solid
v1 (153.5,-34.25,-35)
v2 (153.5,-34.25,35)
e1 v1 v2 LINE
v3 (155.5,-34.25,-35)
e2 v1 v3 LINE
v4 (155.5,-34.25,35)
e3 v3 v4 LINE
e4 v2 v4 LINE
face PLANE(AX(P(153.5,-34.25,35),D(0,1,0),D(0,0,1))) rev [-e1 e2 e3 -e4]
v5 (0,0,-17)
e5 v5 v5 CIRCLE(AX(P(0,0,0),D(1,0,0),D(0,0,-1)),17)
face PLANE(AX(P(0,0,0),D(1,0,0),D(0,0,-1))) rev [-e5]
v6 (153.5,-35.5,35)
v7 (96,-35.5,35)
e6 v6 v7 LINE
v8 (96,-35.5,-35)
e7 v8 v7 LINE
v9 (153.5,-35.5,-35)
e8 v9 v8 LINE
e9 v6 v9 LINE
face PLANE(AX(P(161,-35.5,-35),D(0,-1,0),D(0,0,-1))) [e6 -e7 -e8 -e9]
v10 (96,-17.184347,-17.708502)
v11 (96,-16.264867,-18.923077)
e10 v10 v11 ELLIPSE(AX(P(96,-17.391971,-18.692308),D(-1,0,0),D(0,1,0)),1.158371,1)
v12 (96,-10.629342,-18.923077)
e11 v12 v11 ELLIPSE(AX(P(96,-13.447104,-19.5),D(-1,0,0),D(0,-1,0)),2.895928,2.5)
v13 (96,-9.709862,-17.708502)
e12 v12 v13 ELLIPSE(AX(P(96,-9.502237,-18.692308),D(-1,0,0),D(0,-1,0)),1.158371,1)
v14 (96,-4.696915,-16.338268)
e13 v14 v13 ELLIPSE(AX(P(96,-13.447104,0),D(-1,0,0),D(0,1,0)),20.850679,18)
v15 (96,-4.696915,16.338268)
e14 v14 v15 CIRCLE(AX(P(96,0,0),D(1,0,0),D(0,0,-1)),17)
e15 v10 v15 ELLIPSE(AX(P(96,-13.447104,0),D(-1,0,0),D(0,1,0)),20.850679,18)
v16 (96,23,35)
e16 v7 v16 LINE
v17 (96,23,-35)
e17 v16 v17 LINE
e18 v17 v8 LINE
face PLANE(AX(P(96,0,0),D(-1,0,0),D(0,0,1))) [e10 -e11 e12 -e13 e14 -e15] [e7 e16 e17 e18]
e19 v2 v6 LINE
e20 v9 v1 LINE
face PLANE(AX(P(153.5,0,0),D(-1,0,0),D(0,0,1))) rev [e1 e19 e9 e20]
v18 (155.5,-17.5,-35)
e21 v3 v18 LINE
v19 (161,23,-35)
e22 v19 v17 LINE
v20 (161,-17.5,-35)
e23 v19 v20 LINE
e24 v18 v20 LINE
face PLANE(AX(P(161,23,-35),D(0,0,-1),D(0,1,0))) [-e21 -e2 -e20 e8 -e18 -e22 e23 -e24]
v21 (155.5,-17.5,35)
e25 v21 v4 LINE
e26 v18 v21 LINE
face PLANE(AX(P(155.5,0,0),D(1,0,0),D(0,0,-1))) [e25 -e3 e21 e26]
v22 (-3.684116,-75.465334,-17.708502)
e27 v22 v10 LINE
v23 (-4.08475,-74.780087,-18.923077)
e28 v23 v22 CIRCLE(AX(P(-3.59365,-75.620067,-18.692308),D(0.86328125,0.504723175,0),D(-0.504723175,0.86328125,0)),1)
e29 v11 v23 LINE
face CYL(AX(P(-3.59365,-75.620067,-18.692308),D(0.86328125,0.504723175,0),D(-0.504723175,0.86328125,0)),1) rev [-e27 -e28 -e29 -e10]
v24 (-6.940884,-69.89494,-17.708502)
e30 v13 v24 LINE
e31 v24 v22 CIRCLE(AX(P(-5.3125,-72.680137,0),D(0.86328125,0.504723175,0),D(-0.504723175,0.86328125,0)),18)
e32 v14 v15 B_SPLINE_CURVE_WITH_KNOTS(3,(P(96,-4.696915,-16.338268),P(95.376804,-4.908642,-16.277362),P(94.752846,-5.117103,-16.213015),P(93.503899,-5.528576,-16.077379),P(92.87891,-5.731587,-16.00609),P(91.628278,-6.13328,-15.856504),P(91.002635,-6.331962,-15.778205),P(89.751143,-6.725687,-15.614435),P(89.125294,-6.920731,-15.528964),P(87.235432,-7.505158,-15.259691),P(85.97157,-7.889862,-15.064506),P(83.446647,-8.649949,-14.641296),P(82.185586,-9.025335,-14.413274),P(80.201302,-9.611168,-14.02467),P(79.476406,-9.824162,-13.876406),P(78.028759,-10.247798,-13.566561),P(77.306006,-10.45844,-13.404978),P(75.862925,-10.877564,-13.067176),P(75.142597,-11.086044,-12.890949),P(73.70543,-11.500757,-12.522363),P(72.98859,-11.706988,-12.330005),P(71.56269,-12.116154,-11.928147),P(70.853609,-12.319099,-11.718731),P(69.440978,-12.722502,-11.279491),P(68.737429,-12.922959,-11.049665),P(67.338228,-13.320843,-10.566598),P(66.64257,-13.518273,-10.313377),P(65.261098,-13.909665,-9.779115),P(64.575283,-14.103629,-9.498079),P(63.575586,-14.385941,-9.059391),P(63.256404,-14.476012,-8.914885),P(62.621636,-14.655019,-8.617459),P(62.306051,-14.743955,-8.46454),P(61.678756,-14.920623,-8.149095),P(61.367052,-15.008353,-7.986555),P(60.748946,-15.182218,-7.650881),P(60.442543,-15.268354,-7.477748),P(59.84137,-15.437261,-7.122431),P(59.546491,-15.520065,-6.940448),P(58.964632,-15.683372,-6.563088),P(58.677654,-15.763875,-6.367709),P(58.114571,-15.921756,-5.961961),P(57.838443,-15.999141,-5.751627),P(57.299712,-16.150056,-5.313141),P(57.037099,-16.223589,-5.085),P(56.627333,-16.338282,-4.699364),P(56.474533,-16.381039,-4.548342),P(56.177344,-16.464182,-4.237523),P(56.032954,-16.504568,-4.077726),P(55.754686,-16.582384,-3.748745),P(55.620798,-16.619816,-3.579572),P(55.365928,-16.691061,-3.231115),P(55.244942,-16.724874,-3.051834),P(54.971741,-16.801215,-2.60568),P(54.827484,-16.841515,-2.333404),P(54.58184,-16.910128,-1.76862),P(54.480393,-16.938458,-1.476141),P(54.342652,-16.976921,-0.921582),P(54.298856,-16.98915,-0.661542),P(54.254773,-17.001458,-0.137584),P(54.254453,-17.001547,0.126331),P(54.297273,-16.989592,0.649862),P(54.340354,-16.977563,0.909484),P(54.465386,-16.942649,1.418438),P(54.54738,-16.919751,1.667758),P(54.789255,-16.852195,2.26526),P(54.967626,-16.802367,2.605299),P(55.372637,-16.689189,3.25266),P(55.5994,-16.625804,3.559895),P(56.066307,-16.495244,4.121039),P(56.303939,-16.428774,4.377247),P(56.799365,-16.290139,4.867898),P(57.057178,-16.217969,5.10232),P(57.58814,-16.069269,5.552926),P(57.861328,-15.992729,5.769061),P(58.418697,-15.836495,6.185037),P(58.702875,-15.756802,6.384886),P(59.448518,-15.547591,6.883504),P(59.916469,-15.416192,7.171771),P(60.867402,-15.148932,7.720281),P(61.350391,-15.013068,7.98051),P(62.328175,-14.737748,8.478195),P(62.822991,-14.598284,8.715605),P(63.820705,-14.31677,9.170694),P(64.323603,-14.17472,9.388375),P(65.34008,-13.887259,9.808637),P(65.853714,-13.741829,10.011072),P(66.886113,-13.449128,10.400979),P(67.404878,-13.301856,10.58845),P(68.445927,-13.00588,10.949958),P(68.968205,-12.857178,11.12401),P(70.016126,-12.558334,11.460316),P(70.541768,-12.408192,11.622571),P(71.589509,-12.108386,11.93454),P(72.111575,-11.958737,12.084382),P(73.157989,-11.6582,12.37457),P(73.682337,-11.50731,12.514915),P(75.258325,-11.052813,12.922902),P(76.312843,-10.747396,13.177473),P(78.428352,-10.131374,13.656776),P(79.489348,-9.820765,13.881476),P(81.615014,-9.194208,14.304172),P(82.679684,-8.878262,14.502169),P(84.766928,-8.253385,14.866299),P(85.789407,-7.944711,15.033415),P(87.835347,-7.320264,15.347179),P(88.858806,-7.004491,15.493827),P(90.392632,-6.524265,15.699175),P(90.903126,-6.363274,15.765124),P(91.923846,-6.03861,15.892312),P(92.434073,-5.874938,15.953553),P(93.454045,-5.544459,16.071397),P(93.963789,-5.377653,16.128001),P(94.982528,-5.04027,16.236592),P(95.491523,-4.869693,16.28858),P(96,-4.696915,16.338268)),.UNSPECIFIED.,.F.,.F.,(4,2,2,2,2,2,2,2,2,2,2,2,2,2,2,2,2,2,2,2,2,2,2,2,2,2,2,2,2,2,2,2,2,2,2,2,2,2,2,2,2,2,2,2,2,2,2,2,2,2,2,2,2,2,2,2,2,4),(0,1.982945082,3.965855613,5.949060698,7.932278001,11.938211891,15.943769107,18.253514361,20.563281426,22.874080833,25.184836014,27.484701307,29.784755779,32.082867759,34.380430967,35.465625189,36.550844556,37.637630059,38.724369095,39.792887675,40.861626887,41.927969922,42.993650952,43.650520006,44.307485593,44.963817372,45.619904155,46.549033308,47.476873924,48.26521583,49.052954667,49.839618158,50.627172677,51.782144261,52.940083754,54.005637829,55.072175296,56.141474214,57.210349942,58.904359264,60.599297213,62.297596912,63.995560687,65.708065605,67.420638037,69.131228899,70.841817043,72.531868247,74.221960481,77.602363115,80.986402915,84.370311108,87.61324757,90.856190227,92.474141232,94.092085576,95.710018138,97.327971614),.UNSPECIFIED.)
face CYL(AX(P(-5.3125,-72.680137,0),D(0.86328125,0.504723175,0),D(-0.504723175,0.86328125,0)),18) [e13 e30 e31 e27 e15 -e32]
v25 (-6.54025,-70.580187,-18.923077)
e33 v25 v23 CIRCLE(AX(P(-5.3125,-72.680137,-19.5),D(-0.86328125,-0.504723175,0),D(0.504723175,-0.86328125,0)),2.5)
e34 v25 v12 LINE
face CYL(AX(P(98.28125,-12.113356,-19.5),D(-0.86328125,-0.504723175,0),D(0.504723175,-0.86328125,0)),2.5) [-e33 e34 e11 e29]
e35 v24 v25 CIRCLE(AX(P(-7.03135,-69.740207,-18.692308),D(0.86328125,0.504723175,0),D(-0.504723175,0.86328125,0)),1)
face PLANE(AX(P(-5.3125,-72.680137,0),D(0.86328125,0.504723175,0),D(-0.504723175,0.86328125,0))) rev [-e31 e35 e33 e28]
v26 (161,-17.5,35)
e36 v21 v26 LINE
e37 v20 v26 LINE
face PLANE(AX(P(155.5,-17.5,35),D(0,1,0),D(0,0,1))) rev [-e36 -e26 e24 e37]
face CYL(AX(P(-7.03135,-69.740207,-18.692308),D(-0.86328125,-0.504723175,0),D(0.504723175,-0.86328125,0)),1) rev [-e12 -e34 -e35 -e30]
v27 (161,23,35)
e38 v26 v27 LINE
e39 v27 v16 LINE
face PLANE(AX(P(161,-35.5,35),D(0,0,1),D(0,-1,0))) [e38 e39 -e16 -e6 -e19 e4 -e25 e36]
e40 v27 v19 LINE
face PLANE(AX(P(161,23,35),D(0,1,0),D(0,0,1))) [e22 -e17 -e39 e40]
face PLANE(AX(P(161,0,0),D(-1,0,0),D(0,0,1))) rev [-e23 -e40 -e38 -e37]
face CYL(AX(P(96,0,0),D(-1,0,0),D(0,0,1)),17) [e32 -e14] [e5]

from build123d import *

# Parameters (mm, degrees)
ESQUISSE1_R             = 17
BOSS_EXTRU_1_DEPTH      = 96
ESQUISSE2_W             = 70
ESQUISSE2_H             = 58.5
BOSS_EXTRU_3_DEPTH      = 65
ESQUISSE6_R             = 18
BOSS_EXTRU_4_DEPTH      = 144
ESQUISSE7_W             = 70
ESQUISSE7_H             = 18
ENL_V_MAT_EXTRU_1_DEPTH = 5.5
ESQUISSE8_W             = 70
ESQUISSE8_H             = 1.25
ENL_V_MAT_EXTRU_2_DEPTH = 2
ESQUISSE9_R             = 2.5
BOSS_EXTRU_5_DEPTH      = 120
CONG_1_R                = 1


with BuildPart() as part:
    # Esquisse1 → Boss.-Extru.1 (new body)
    with BuildSketch(Plane(origin=(0, 0, 0), x_dir=(0, 0, -1), z_dir=(1, 0, 0))):
        Circle(ESQUISSE1_R)
    extrude(amount=BOSS_EXTRU_1_DEPTH)

    # Esquisse2 → Boss.-Extru.3 (add)
    with BuildSketch(Plane(origin=(96, 0, 0), x_dir=(0, 0, -1), z_dir=(1, 0, 0))):
        with Locations((0, -6.25)):
            Rectangle(ESQUISSE2_W, ESQUISSE2_H)
    extrude(amount=BOSS_EXTRU_3_DEPTH)

    # Esquisse6 → Boss.-Extru.4 (add)
    with BuildSketch(Plane(origin=(88.685287476, 51.850448358, 0), x_dir=(0, 0, -1), z_dir=(0.8632812499999999, 0.5047231750162041, 0))):
        with Locations(Location((0, -60.062057827, 0), (0, 0, 90))):
            Circle(ESQUISSE6_R)
    extrude(amount=-BOSS_EXTRU_4_DEPTH)

    # Esquisse7 → Enlèv. mat.-Extru.1 (cut)
    with BuildSketch(Plane(origin=(161, 0, 0), x_dir=(0, 0, -1), z_dir=(1, 0, 0))):
        with Locations((0, -26.5)):
            Rectangle(ESQUISSE7_W, ESQUISSE7_H)
    extrude(amount=-ENL_V_MAT_EXTRU_1_DEPTH, mode=Mode.SUBTRACT)

    # Esquisse8 → Enlèv. mat.-Extru.2 (cut)
    with BuildSketch(Plane(origin=(155.5, 0, 0), x_dir=(0, 0, -1), z_dir=(1, 0, 0))):
        with Locations((0, -34.875)):
            Rectangle(ESQUISSE8_W, ESQUISSE8_H)
    extrude(amount=-ENL_V_MAT_EXTRU_2_DEPTH, mode=Mode.SUBTRACT)

    # Esquisse9 → Boss.-Extru.5 (add)
    with BuildSketch(Plane(origin=(-35.627212524, -20.829688844, 0), x_dir=(0, 0, 1), z_dir=(-0.8632812499999999, -0.5047231750162042, 0))):
        with Locations((-19.5, -60.062057827)):
            Circle(ESQUISSE9_R)
    extrude(amount=-BOSS_EXTRU_5_DEPTH)

    # Congé1
    cong_1_edges = [part.edges().sort_by_distance(p)[0] for p in [
        (44.859518924, -41.124048908, -17.897435897),
        (45.827981076, -45.003192614, -17.897435897),
    ]]
    fillet(cong_1_edges, radius=CONG_1_R)


solid = part.part
